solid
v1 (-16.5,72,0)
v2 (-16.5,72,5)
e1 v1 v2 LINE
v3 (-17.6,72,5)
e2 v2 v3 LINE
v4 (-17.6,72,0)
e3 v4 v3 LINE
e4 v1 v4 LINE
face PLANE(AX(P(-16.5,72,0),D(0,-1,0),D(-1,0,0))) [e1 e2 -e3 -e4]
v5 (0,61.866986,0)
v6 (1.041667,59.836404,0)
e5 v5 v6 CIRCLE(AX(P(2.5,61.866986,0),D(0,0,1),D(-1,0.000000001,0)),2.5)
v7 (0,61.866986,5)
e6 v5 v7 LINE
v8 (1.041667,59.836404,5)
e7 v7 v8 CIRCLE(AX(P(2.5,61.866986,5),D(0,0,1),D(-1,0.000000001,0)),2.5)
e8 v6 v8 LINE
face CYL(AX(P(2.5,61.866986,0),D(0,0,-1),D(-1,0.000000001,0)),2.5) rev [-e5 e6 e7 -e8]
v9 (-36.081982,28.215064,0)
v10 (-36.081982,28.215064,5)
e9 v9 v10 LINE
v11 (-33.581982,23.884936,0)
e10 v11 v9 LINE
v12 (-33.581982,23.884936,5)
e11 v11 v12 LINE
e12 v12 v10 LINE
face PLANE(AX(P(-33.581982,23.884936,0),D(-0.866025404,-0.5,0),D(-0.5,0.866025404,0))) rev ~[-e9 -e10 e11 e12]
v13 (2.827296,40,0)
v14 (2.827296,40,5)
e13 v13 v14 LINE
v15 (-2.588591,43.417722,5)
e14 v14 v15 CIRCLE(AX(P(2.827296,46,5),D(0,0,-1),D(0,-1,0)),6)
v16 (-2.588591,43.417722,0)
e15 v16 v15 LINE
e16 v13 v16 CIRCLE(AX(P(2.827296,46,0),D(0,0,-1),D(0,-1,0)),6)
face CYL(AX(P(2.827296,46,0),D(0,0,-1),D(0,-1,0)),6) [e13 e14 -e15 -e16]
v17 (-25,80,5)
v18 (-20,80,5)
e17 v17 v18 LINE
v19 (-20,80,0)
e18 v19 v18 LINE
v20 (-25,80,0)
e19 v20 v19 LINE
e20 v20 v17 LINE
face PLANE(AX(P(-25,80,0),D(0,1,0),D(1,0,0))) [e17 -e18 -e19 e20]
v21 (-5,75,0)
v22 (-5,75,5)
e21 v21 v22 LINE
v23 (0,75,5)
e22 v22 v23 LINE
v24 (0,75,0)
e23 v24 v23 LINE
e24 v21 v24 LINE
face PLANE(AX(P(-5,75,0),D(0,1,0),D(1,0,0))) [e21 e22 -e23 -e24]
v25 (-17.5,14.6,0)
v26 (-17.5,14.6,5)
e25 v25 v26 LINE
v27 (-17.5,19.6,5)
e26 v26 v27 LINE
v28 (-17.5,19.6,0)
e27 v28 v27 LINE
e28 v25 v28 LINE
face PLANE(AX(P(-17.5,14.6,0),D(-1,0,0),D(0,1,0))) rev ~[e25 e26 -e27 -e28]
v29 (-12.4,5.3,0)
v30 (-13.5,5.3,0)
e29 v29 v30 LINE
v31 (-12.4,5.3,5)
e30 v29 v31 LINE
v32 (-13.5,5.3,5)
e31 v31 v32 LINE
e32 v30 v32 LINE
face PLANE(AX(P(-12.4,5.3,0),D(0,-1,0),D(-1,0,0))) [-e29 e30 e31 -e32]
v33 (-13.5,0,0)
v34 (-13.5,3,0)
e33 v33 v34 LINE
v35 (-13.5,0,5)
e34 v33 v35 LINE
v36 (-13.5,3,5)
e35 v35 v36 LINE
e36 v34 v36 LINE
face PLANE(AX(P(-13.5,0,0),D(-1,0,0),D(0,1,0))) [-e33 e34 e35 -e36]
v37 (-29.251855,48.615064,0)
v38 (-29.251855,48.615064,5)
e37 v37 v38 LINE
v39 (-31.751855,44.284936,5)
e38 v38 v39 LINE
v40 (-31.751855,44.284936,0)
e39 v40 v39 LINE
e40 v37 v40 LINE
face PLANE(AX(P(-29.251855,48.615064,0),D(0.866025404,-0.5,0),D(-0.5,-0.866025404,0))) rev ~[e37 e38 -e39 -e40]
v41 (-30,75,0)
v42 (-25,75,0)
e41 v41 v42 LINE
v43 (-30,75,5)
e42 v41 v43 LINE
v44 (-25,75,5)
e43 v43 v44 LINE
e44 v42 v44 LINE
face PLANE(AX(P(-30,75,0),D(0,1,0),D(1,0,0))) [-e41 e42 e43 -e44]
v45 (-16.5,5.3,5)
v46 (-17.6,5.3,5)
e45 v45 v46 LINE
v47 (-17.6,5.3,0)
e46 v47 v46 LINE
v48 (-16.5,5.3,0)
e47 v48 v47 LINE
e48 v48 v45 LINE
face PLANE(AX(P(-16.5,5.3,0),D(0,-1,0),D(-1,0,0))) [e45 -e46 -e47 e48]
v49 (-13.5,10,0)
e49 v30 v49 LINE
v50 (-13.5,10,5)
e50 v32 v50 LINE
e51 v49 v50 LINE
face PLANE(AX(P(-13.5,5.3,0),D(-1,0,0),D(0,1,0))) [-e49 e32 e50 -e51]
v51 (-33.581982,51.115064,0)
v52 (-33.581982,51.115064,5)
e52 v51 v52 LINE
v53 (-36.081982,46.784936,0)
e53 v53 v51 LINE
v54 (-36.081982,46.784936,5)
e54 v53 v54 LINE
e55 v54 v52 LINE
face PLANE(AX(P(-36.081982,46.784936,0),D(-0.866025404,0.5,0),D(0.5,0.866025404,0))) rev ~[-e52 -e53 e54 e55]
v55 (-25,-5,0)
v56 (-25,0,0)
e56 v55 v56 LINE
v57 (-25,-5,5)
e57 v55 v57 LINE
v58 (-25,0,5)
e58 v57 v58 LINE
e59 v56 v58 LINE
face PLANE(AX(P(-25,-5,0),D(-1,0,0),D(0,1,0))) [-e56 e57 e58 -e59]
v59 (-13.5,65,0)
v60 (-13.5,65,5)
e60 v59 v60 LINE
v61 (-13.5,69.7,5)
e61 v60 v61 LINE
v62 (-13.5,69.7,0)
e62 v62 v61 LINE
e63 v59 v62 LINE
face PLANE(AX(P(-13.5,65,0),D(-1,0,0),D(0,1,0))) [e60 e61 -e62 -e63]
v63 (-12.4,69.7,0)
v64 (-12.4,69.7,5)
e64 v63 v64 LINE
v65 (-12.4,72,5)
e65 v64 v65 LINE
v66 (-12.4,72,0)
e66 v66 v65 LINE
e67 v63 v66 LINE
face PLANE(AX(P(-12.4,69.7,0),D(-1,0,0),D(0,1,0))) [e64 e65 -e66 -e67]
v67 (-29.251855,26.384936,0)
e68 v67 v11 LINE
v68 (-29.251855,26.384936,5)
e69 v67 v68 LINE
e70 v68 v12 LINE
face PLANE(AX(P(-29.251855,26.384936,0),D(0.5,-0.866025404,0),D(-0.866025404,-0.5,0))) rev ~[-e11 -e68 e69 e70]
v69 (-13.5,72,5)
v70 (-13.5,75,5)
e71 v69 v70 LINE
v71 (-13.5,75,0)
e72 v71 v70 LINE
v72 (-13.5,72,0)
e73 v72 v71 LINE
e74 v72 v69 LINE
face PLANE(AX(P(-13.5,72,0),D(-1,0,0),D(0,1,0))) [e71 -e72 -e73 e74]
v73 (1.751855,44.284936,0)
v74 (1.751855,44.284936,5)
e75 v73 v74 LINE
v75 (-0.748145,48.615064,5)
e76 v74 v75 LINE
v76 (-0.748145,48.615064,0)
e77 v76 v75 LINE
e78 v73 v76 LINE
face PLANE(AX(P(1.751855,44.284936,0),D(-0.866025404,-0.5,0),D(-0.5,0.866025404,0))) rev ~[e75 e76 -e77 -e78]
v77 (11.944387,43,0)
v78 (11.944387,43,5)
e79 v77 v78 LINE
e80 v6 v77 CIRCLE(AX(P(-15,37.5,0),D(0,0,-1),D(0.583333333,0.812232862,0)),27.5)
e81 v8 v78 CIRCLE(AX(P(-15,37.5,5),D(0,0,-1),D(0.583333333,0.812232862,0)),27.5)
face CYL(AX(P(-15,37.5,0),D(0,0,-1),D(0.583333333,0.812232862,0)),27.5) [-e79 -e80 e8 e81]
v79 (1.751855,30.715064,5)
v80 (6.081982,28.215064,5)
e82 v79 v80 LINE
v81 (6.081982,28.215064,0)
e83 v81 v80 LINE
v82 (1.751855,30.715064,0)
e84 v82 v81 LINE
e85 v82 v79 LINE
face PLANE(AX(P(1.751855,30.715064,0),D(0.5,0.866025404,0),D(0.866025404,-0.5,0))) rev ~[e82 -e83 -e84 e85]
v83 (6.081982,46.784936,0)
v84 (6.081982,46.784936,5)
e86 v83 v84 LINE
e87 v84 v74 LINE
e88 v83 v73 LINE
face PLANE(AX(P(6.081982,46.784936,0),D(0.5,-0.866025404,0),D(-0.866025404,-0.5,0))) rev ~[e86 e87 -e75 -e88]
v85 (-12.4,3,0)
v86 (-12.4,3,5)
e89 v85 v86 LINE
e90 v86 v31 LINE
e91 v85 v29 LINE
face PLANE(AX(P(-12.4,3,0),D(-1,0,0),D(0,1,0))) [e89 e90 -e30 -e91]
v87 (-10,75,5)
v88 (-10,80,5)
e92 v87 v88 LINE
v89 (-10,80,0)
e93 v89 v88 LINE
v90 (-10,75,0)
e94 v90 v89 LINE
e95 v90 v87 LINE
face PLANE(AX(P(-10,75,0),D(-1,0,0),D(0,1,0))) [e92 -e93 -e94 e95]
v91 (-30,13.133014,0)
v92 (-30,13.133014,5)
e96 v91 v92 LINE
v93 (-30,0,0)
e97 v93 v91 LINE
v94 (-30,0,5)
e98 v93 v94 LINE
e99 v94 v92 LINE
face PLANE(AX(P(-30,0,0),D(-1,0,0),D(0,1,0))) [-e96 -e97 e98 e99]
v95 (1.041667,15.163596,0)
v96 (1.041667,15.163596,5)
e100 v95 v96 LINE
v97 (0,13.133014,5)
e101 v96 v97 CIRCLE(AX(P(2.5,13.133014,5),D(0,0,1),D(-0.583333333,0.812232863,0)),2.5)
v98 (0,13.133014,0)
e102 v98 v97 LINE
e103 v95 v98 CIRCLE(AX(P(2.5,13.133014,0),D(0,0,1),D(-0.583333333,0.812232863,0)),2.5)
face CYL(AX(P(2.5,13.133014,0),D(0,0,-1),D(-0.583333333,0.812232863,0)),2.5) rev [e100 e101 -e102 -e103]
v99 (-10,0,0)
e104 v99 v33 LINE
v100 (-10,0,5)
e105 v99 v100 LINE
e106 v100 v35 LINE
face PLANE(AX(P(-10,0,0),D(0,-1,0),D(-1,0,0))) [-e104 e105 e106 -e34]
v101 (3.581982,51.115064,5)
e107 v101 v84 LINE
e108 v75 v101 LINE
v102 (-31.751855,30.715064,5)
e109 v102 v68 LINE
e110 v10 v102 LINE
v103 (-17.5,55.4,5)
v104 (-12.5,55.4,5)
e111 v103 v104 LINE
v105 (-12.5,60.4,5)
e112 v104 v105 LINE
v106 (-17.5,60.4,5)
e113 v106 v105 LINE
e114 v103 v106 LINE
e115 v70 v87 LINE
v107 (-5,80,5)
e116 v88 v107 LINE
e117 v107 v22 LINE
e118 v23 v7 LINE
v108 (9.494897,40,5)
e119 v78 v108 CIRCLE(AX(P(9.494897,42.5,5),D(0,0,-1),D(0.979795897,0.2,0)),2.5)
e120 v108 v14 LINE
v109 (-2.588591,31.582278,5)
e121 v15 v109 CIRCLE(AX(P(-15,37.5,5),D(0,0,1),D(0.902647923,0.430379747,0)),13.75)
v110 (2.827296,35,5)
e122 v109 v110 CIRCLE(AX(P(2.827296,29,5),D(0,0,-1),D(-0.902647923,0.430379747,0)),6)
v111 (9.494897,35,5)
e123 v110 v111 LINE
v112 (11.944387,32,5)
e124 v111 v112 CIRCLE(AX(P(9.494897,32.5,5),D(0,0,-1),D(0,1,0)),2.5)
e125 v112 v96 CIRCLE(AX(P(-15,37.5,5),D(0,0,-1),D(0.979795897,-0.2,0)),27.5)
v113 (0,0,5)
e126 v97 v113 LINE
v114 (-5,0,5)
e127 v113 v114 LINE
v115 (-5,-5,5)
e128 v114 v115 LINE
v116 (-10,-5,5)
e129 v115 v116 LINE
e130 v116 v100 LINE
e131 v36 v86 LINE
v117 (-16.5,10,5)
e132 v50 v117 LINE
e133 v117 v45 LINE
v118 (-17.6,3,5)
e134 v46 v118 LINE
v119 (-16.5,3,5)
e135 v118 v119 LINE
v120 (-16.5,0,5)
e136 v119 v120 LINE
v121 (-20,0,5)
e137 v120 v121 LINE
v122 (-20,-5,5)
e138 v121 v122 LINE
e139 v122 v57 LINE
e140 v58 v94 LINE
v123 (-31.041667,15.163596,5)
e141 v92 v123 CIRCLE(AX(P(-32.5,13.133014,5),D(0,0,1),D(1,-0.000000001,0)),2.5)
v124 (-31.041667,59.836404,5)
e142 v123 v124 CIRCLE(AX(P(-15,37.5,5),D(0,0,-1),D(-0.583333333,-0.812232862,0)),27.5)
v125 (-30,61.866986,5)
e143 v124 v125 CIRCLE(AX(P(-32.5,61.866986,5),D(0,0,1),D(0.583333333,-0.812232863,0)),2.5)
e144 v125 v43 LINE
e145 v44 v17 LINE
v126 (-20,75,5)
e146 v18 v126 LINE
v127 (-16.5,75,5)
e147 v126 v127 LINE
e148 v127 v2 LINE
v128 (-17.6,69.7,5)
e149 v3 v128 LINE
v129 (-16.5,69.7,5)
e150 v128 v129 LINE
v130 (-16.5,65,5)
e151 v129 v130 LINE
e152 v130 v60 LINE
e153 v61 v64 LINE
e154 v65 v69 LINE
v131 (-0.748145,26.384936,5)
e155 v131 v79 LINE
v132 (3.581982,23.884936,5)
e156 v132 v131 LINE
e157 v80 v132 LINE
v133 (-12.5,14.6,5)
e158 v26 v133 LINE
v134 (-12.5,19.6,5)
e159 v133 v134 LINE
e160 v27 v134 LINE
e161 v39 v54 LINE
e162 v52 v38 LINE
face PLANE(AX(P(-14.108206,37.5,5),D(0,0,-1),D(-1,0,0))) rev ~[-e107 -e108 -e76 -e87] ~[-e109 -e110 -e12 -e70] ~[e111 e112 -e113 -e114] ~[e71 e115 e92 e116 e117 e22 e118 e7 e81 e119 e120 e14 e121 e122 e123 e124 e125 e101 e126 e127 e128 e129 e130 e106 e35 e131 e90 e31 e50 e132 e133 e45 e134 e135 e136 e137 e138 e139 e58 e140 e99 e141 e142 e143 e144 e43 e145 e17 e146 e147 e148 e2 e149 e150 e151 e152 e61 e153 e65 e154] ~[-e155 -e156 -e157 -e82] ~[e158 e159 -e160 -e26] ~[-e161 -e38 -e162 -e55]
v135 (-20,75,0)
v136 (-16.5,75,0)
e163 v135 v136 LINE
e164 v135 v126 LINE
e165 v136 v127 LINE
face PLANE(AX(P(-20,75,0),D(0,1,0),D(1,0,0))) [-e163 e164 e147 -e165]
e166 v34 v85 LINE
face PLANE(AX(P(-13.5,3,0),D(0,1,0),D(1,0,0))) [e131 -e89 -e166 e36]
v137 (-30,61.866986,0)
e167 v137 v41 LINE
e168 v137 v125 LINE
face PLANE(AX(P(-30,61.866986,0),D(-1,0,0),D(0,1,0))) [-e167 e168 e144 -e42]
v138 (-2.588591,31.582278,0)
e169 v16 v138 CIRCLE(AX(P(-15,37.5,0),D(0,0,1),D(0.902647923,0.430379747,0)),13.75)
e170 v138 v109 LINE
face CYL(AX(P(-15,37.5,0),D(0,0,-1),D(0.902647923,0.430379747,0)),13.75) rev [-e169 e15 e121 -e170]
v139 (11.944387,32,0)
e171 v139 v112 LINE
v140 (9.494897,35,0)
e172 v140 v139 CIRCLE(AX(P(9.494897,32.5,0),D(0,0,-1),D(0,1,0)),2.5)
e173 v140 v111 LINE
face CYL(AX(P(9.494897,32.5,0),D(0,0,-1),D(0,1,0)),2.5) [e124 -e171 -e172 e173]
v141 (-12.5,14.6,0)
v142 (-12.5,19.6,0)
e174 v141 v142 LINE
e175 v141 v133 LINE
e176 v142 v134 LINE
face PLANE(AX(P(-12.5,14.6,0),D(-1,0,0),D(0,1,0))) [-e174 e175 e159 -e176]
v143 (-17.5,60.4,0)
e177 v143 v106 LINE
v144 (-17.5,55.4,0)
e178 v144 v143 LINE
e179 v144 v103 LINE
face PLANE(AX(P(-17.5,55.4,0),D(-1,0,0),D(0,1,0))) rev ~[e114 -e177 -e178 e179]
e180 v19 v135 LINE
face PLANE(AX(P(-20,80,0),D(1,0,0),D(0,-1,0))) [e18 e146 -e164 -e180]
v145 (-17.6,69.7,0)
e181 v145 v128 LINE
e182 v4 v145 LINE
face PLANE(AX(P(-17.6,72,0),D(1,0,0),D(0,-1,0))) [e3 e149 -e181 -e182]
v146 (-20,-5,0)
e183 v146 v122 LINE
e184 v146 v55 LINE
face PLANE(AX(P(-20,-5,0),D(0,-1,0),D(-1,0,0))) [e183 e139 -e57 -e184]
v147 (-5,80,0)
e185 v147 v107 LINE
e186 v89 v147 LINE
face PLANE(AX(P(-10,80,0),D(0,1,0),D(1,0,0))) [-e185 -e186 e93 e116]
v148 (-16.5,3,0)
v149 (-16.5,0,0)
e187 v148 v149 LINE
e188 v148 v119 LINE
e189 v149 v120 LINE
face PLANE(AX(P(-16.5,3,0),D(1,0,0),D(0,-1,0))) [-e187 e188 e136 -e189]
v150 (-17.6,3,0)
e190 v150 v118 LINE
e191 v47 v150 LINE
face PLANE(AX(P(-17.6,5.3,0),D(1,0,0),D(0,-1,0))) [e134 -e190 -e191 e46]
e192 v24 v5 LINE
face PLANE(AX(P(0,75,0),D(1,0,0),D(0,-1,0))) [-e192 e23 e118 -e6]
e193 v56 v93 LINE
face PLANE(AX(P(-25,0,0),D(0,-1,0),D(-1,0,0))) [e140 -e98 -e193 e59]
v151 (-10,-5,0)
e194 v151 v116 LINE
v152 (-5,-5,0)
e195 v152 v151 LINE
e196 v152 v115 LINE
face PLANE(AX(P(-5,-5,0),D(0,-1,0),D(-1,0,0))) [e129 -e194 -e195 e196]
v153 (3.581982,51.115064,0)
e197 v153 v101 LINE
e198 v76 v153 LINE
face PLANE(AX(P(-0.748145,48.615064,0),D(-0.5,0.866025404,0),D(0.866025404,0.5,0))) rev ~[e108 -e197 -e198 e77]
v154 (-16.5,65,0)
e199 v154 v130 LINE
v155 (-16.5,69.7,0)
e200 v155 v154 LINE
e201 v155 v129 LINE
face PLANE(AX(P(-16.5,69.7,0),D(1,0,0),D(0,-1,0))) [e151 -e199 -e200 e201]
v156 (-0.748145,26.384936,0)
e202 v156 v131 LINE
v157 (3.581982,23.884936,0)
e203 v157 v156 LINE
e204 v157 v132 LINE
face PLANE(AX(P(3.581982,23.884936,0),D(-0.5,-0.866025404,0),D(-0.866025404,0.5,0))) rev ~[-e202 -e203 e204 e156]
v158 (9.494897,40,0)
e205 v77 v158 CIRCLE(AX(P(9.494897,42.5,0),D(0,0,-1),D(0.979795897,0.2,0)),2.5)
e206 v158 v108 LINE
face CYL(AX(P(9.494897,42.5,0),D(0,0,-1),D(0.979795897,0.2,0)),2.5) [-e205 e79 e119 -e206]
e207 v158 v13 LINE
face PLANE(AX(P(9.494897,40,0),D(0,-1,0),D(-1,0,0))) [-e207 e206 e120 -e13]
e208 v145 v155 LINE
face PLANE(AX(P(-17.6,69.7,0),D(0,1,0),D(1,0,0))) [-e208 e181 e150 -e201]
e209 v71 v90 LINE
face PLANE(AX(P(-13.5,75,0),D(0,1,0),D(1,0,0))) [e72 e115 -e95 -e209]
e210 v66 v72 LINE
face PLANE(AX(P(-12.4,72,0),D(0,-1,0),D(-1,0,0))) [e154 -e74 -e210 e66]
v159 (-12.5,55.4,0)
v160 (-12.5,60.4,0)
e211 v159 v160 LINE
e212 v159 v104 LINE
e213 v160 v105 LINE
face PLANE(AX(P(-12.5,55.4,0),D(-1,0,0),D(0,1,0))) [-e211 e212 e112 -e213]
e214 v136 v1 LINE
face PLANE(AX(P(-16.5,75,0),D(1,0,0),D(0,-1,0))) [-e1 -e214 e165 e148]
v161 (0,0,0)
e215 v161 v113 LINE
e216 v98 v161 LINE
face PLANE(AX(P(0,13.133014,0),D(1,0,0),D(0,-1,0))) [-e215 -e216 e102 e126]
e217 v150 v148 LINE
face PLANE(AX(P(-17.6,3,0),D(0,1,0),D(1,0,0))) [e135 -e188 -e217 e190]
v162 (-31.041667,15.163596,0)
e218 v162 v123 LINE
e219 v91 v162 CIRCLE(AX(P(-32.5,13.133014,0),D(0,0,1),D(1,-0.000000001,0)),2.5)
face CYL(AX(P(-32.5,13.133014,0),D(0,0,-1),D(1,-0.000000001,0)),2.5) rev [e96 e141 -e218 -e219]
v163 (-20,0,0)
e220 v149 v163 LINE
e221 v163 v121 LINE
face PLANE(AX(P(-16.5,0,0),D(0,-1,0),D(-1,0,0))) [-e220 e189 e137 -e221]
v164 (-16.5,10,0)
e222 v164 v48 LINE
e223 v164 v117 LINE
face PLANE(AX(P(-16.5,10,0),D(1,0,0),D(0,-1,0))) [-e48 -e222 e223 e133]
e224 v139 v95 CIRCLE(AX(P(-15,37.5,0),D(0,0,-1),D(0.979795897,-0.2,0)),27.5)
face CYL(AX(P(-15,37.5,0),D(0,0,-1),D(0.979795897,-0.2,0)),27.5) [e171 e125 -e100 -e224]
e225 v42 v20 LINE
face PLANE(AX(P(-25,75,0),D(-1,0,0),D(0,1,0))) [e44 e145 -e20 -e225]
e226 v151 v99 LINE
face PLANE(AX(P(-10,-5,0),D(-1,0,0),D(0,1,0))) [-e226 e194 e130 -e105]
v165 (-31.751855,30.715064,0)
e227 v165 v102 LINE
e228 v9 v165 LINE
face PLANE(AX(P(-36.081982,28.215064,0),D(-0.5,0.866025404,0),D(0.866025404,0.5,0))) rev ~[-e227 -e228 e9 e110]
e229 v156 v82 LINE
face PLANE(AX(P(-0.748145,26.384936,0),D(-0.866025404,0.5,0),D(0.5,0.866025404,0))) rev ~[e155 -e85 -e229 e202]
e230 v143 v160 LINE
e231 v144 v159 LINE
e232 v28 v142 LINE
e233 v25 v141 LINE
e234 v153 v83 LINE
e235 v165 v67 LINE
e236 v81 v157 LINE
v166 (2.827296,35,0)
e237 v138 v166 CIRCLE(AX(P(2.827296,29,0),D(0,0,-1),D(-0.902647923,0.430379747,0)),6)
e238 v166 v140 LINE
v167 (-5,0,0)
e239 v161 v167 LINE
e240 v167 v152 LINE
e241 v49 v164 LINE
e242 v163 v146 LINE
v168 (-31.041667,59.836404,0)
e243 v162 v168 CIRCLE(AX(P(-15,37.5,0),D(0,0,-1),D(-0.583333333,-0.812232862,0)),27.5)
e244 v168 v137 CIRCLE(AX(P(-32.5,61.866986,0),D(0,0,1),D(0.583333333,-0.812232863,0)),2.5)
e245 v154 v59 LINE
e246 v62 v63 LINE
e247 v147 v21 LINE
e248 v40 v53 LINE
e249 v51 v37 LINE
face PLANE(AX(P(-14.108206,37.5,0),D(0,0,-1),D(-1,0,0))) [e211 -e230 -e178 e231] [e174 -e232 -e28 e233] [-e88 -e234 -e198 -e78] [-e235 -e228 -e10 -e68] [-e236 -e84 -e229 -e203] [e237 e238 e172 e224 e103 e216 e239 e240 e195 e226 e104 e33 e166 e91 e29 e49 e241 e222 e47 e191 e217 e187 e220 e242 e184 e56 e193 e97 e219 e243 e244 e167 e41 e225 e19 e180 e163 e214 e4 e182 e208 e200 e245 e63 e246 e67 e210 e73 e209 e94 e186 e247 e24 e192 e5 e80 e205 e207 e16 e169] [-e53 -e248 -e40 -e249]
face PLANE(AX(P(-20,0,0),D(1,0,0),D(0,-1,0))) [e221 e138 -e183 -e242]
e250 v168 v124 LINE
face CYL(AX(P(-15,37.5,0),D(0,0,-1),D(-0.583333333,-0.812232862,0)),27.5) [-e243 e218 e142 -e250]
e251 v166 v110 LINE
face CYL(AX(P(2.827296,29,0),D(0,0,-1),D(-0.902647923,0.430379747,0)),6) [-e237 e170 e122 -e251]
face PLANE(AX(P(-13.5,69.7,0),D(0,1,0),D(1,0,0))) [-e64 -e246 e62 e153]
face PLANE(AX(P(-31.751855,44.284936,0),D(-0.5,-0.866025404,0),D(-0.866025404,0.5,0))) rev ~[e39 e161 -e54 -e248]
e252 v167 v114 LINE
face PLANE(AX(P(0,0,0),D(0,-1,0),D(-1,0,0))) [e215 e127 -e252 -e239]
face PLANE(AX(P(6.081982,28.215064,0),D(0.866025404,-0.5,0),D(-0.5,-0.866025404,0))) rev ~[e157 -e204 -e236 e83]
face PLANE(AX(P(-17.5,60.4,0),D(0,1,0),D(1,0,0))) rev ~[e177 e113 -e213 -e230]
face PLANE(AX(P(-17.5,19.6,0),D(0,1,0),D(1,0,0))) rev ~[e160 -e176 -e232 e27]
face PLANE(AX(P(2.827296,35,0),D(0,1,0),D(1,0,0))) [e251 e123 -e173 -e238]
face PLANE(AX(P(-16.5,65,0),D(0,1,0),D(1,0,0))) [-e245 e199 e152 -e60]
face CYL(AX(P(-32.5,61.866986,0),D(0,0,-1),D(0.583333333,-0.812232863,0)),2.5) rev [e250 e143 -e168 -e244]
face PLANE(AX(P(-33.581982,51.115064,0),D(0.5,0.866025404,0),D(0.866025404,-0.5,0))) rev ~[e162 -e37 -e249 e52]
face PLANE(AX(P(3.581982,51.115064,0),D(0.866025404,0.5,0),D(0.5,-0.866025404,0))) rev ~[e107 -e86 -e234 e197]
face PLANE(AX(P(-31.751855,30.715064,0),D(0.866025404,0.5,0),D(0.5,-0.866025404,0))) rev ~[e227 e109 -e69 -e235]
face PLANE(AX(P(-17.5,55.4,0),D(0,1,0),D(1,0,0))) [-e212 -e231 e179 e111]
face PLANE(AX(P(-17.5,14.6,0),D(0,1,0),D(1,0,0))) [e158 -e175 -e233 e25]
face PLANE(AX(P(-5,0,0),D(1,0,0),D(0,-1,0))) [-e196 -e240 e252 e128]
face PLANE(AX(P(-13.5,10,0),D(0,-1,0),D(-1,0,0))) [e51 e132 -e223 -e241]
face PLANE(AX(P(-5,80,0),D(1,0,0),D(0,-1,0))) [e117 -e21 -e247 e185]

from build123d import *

# Parameters (mm, degrees)
ESQUISSE1_W        = 5
ESQUISSE1_H        = 5
BOSS_EXTRU_1_DEPTH = 5


with BuildPart() as part:
    # Esquisse1 → Boss.-Extru.1 (new body)
    with BuildSketch(Plane.XY):
        with BuildLine():
            Line((0, 0), (-5, 0))
            Line((-5, 0), (-5, -5))
            Line((-5, -5), (-10, -5))
            Line((-10, -5), (-10, 0))
            Line((-10, 0), (-13.5, 0))
            Line((-13.5, 0), (-13.5, 3))
            Line((-13.5, 3), (-12.4, 3))
            Line((-12.4, 3), (-12.4, 5.3))
            Line((-12.4, 5.3), (-13.5, 5.3))
            Line((-13.5, 5.3), (-13.5, 10))
            Line((-13.5, 10), (-16.5, 10))
            Line((-16.5, 10), (-16.5, 5.3))
            Line((-16.5, 5.3), (-17.6, 5.3))
            Line((-17.6, 5.3), (-17.6, 3))
            Line((-17.6, 3), (-16.5, 3))
            Line((-16.5, 3), (-16.5, 0))
            Line((-16.5, 0), (-20, 0))
            Line((-20, 0), (-20, -5))
            Line((-20, -5), (-25, -5))
            Line((-25, -5), (-25, 0))
            Line((-25, 0), (-30, 0))
            Line((-30, 0), (-30, 13.133014138))
            ThreePointArc((-30, 13.133014138), (-30.275608697, 14.274102799), (-31.041666667, 15.163596293))
            ThreePointArc((-31.041666667, 15.163596293), (-42.5, 37.5), (-31.041666667, 59.836403707))
            ThreePointArc((-31.041666667, 59.836403707), (-30.275608697, 60.725897201), (-30, 61.866985862))
            Line((-30, 61.866985862), (-30, 75))
            Line((-30, 75), (-25, 75))
            Line((-25, 75), (-25, 80))
            Line((-25, 80), (-20, 80))
            Line((-20, 80), (-20, 75))
            Line((-20, 75), (-16.5, 75))
            Line((-16.5, 75), (-16.5, 72))
            Line((-16.5, 72), (-17.6, 72))
            Line((-17.6, 72), (-17.6, 69.7))
            Line((-17.6, 69.7), (-16.5, 69.7))
            Line((-16.5, 69.7), (-16.5, 65))
            Line((-16.5, 65), (-13.5, 65))
            Line((-13.5, 65), (-13.5, 69.7))
            Line((-13.5, 69.7), (-12.4, 69.7))
            Line((-12.4, 69.7), (-12.4, 72))
            Line((-12.4, 72), (-13.5, 72))
            Line((-13.5, 72), (-13.5, 75))
            Line((-13.5, 75), (-10, 75))
            Line((-10, 75), (-10, 80))
            Line((-10, 80), (-5, 80))
            Line((-5, 80), (-5, 75))
            Line((-5, 75), (0, 75))
            Line((0, 75), (0, 61.866985862))
            ThreePointArc((0, 61.866985862), (0.275608697, 60.725897201), (1.041666667, 59.836403707))
            ThreePointArc((1.041666667, 59.836403707), (8.082814572, 52.447697864), (11.944387171, 43))
            ThreePointArc((11.944387171, 43), (11.431389101, 40.91886117), (9.494897428, 40))
            Line((9.494897428, 40), (2.827296486, 40))
            ThreePointArc((2.827296486, 40), (-0.374759815, 40.92586604), (-2.588591054, 43.417721519))
            ThreePointArc((-2.588591054, 43.417721519), (-28.75, 37.5), (-2.588591054, 31.582278481))
            ThreePointArc((-2.588591054, 31.582278481), (-0.374759815, 34.07413396), (2.827296486, 35))
            Line((2.827296486, 35), (9.494897428, 35))
            ThreePointArc((9.494897428, 35), (11.431389101, 34.08113883), (11.944387171, 32))
            ThreePointArc((11.944387171, 32), (8.082814572, 22.552302136), (1.041666667, 15.163596293))
            ThreePointArc((1.041666667, 15.163596293), (0.275608697, 14.274102799), (0, 13.133014138))
            Line((0, 13.133014138), (0, 0))
        make_face()
        with Locations((-15, 57.9)):
            Rectangle(ESQUISSE1_W, ESQUISSE1_H, mode=Mode.SUBTRACT)
        Polygon((3.581981747, 51.115063509), (6.081981747, 46.784936491), (1.751854728, 44.284936491), (-0.748145272, 48.615063509), align=None, mode=Mode.SUBTRACT)
        Polygon((6.081981747, 28.215063509), (3.581981747, 23.884936491), (-0.748145272, 26.384936491), (1.751854728, 30.715063509), align=None, mode=Mode.SUBTRACT)
        with Locations((-15, 17.1)):
            Rectangle(ESQUISSE1_W, ESQUISSE1_H, mode=Mode.SUBTRACT)
        Polygon((-33.581981747, 23.884936491), (-36.081981747, 28.215063509), (-31.751854728, 30.715063509), (-29.251854728, 26.384936491), align=None, mode=Mode.SUBTRACT)
        Polygon((-36.081981747, 46.784936491), (-33.581981747, 51.115063509), (-29.251854728, 48.615063509), (-31.751854728, 44.284936491), align=None, mode=Mode.SUBTRACT)
    extrude(amount=BOSS_EXTRU_1_DEPTH)


solid = part.part
